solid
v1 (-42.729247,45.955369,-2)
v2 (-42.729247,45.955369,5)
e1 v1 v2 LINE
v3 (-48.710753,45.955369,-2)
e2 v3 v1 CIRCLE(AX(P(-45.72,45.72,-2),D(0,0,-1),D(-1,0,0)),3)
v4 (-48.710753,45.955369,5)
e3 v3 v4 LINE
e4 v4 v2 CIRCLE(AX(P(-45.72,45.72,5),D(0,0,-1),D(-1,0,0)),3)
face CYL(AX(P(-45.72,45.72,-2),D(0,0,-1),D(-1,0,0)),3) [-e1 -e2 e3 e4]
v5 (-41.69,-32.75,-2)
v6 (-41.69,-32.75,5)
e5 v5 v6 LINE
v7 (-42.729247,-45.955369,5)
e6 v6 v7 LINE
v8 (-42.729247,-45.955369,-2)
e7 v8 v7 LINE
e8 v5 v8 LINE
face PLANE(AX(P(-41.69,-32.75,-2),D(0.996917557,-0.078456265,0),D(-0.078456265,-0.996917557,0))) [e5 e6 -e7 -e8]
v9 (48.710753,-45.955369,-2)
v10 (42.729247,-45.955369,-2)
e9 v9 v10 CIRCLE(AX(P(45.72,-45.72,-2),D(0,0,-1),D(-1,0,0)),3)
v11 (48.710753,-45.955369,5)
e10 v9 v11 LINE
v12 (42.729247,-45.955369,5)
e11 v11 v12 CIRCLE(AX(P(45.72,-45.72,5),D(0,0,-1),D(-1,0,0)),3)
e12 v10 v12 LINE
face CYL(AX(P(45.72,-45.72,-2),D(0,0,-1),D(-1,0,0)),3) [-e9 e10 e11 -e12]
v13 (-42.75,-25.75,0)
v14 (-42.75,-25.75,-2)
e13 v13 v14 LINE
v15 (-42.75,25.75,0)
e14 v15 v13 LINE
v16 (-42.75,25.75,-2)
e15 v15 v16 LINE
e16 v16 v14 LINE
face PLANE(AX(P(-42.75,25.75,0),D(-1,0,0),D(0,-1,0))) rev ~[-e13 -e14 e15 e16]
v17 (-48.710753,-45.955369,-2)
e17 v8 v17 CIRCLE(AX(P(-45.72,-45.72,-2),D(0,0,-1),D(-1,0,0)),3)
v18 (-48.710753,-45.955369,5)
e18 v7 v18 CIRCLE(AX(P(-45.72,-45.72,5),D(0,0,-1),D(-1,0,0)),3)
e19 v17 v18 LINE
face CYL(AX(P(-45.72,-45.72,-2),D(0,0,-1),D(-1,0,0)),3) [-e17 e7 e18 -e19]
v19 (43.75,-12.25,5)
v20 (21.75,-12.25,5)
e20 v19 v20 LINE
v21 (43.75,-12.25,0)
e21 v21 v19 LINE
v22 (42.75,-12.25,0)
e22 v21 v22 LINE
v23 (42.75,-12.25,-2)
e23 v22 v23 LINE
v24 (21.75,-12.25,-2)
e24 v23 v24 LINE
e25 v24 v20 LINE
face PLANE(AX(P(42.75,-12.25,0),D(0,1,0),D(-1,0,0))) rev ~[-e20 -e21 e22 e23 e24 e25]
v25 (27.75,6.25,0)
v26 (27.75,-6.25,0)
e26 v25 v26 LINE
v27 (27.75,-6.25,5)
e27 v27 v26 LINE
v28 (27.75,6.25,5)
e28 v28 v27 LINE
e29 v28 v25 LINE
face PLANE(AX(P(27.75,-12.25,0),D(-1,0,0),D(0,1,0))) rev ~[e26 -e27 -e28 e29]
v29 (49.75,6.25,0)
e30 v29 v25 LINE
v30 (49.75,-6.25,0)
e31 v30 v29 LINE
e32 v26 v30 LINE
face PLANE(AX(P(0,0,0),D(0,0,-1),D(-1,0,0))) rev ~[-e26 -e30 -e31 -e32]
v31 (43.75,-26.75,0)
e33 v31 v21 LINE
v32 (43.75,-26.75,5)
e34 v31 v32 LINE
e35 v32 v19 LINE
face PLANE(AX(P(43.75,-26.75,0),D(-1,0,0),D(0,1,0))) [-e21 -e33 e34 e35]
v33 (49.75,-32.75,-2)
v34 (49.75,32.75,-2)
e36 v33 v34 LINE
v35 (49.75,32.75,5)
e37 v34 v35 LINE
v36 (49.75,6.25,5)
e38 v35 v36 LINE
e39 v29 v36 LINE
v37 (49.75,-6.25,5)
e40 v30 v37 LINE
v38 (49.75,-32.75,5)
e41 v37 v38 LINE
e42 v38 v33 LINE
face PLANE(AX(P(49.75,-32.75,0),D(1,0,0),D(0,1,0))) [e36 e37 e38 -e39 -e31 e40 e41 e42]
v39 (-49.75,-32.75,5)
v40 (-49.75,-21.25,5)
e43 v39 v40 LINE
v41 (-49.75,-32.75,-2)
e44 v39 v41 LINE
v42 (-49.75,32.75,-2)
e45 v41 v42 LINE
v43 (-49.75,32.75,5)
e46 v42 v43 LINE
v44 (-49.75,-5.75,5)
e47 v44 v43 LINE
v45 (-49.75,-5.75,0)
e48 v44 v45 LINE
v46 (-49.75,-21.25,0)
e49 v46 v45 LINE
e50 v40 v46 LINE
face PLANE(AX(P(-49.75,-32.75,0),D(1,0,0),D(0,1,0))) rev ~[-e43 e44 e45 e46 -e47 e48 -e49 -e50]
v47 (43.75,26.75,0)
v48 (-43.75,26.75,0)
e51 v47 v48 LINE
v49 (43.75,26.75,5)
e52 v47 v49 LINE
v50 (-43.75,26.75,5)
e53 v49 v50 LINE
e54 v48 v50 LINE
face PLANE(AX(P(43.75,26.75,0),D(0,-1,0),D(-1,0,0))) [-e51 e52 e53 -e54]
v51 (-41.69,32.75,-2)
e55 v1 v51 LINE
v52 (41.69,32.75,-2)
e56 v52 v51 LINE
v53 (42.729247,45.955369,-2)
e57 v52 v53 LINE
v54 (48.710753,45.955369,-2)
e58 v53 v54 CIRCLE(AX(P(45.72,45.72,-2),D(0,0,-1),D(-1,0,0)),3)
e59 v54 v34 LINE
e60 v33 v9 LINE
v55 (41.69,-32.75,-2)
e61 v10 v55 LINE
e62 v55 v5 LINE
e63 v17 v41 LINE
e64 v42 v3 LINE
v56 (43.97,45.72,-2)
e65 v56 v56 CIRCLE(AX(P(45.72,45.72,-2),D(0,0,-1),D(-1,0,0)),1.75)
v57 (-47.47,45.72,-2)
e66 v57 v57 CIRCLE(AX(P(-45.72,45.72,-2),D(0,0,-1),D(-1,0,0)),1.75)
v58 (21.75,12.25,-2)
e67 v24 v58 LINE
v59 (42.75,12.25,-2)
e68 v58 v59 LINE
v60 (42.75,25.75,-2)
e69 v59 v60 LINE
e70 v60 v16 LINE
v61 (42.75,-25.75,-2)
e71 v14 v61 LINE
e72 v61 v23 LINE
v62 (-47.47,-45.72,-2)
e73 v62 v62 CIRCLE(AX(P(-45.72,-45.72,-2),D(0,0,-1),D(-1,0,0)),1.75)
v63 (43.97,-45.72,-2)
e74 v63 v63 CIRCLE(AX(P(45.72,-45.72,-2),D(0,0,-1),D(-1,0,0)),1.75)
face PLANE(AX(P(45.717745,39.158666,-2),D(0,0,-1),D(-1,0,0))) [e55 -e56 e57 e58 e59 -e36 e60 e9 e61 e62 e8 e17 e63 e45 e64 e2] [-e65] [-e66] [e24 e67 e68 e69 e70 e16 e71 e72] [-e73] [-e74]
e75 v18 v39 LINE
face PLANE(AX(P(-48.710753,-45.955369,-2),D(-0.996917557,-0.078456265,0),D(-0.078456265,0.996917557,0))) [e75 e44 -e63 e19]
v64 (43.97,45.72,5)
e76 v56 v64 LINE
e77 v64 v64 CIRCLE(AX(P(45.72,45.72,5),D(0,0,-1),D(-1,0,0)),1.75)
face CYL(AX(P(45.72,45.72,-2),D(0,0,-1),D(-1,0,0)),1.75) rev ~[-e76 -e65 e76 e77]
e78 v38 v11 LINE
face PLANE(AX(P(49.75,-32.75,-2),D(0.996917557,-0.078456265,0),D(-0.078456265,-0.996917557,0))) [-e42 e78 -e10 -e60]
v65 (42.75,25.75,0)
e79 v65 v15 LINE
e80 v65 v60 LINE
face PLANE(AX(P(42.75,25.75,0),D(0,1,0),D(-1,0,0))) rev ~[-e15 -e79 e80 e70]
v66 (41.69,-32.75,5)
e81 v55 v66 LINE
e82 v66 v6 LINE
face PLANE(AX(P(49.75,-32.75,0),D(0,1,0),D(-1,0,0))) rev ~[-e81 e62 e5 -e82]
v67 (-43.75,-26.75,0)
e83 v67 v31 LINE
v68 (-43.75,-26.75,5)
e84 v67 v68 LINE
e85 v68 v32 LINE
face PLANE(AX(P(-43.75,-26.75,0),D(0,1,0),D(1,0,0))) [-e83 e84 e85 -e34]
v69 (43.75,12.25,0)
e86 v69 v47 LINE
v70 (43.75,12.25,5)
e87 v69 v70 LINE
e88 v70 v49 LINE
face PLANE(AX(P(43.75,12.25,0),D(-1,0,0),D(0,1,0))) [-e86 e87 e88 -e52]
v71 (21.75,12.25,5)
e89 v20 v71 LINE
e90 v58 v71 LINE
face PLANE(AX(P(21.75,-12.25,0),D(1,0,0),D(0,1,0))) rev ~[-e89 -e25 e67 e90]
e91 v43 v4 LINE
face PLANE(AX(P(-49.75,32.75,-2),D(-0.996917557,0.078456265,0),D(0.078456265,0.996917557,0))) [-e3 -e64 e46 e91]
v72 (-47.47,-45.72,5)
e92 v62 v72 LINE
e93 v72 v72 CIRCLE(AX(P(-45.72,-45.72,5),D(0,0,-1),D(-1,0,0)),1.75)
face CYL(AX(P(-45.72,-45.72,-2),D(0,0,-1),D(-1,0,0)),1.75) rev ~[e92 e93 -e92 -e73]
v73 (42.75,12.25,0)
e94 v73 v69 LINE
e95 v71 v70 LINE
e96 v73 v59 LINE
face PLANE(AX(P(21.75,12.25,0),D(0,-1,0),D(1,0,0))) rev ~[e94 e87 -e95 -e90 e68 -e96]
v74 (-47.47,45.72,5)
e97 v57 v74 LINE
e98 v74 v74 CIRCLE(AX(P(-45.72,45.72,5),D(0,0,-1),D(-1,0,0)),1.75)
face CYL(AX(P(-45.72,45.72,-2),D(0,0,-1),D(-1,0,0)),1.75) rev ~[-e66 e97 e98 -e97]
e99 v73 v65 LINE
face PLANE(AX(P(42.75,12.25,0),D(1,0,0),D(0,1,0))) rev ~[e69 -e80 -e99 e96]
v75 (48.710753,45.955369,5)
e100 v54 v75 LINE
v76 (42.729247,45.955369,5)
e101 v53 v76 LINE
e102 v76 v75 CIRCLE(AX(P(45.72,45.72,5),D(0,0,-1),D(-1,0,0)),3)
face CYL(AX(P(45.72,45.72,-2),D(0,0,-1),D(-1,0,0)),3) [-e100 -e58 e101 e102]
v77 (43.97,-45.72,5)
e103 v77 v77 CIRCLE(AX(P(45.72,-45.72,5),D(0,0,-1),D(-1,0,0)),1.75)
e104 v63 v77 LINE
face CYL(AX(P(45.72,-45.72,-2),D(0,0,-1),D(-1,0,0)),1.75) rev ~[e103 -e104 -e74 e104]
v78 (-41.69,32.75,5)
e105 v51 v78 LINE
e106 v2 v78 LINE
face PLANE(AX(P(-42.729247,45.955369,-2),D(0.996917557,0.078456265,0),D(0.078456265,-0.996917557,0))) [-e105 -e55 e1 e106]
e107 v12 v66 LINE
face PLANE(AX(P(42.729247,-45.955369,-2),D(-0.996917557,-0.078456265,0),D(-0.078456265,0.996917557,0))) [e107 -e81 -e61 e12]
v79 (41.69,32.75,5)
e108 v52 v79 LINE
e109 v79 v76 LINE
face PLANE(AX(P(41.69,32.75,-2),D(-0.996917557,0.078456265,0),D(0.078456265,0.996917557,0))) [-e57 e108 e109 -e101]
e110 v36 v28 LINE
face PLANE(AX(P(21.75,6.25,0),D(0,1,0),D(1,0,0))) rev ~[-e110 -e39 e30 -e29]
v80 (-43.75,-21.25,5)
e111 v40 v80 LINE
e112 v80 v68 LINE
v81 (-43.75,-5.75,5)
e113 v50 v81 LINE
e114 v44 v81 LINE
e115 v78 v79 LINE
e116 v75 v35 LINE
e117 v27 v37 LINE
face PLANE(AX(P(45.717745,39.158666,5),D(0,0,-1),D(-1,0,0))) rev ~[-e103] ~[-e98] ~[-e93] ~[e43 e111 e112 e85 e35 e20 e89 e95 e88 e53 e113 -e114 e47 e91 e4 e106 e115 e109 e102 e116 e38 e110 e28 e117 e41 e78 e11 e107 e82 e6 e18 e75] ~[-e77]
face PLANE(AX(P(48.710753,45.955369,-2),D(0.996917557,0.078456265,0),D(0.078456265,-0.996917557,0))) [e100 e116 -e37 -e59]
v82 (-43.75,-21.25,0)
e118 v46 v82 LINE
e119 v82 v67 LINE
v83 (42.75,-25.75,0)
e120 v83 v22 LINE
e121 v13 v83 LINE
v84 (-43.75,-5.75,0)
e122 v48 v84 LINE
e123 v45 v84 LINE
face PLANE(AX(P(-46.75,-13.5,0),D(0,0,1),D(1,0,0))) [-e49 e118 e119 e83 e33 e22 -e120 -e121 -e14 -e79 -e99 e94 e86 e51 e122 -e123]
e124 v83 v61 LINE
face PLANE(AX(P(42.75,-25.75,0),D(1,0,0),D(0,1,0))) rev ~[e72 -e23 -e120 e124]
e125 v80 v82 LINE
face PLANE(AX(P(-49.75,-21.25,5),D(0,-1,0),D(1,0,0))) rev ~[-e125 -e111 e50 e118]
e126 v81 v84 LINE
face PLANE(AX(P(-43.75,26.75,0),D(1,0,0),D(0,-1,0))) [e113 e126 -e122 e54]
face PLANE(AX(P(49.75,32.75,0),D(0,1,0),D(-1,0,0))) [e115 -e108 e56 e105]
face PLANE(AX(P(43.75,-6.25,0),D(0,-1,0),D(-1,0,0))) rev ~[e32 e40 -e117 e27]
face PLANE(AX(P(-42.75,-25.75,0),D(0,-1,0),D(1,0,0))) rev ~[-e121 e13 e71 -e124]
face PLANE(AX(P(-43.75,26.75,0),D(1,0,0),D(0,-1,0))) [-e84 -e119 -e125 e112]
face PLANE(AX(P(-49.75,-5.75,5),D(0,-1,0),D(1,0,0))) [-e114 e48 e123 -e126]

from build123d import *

# Parameters (mm, degrees)
BOSS_EXTRUDE1_DEPTH   = 5
SHELL1_T              = 6
SKETCH4_W             = 99.5
SKETCH4_H             = 65.5
BOSS_EXTRUDE2_DEPTH   = 2
SKETCH5_W             = 6
SKETCH5_H             = 15.5
CUT_EXTRUDE2_DEPTH    = 5
SKETCH7_R             = 3
SKETCH7_R_2           = 1.75
BOSS_EXTRUDE3_DEPTH   = 7
BOSS_EXTRUDE3_2_DEPTH = 7
BOSS_EXTRUDE3_3_DEPTH = 7
BOSS_EXTRUDE3_4_DEPTH = 7
BOSS_EXTRUDE4_DEPTH   = 7


with BuildPart() as part:
    # Sketch1 → Boss-Extrude1 (new body)
    with BuildSketch(Plane.XY):
        Polygon((43.75, 26.75), (-43.75, 26.75), (-43.75, -26.75), (43.75, -26.75), (43.75, -12.25), (21.75, -12.25), (21.75, 12.25), (43.75, 12.25), align=None)
    extrude(amount=BOSS_EXTRUDE1_DEPTH)

    # Shell1
    shell1_openings = [part.faces().sort_by_distance(p)[0] for p in [
        (-4.261512463, 0, 0),
        (-4.261512463, 0, 5),
    ]]
    offset(amount=SHELL1_T, openings=shell1_openings, kind=Kind.INTERSECTION)

    # Sketch4 → Boss-Extrude2 (add)
    with BuildSketch(Plane(origin=(0, 0, 0), x_dir=(-1, 0, 0), z_dir=(0, 0, -1))):
        Rectangle(SKETCH4_W, SKETCH4_H)
        Polygon((-42.75, 12.25), (-42.75, 25.75), (42.75, 25.75), (42.75, -25.75), (-42.75, -25.75), (-42.75, -12.25), (-21.75, -12.25), (-21.75, 12.25), align=None, mode=Mode.SUBTRACT)
    extrude(amount=BOSS_EXTRUDE2_DEPTH)

    # Sketch5 → Cut-Extrude2 (cut)
    with BuildSketch(Plane.XY.offset(5)):
        with Locations((-46.75, -13.5)):
            Rectangle(SKETCH5_W, SKETCH5_H)
    extrude(amount=-CUT_EXTRUDE2_DEPTH, mode=Mode.SUBTRACT)



with BuildPart() as body_2:
    # Sketch7 → Boss-Extrude3 (new body)
    with BuildSketch(Plane(origin=(0, 0, -2), x_dir=(-1, 0, 0), z_dir=(0, 0, -1))):
        with Locations((-45.72, 45.72)):
            Circle(SKETCH7_R)
        with Locations((-45.72, 45.72)):
            Circle(SKETCH7_R_2, mode=Mode.SUBTRACT)
    extrude(amount=-BOSS_EXTRUDE3_DEPTH)


with BuildPart() as body_3:
    # Sketch7 → Boss-Extrude3 2 (new body)
    with BuildSketch(Plane(origin=(0, 0, -2), x_dir=(-1, 0, 0), z_dir=(0, 0, -1))):
        with Locations((45.72, 45.72)):
            Circle(SKETCH7_R)
        with Locations((45.72, 45.72)):
            Circle(SKETCH7_R_2, mode=Mode.SUBTRACT)
    extrude(amount=-BOSS_EXTRUDE3_2_DEPTH)


with BuildPart() as body_4:
    # Sketch7 → Boss-Extrude3 3 (new body)
    with BuildSketch(Plane(origin=(0, 0, -2), x_dir=(-1, 0, 0), z_dir=(0, 0, -1))):
        with Locations((45.72, -45.72)):
            Circle(SKETCH7_R)
        with Locations((45.72, -45.72)):
            Circle(SKETCH7_R_2, mode=Mode.SUBTRACT)
    extrude(amount=-BOSS_EXTRUDE3_3_DEPTH)


with BuildPart() as body_5:
    # Sketch7 → Boss-Extrude3 4 (new body)
    with BuildSketch(Plane(origin=(0, 0, -2), x_dir=(-1, 0, 0), z_dir=(0, 0, -1))):
        with Locations((-45.72, -45.72)):
            Circle(SKETCH7_R)
        with Locations((-45.72, -45.72)):
            Circle(SKETCH7_R_2, mode=Mode.SUBTRACT)
    extrude(amount=-BOSS_EXTRUDE3_4_DEPTH)


with BuildPart() as part_1:
    add(part.part)

    add(body_2.part)  # Boss-Extrude4 merges body 2

    add(body_3.part)  # Boss-Extrude4 merges body 3

    add(body_4.part)  # Boss-Extrude4 merges body 4

    add(body_5.part)  # Boss-Extrude4 merges body 5
    # Sketch8 → Boss-Extrude4 (add)
    with BuildSketch(Plane(origin=(0, 0, -2), x_dir=(-1, 0, 0), z_dir=(0, 0, -1))):
        with BuildLine():
            Line((-48.71075267, 45.955368794), (-49.75, 32.75))
            Line((-49.75, 32.75), (-41.69, 32.75))
            Line((-41.69, 32.75), (-42.72924733, 45.955368794))
            ThreePointArc((-42.72924733, 45.955368794), (-42.722312724, 45.837775191), (-42.72, 45.72))
            ThreePointArc((-42.72, 45.72), (-45.837775191, 42.722312724), (-48.71075267, 45.955368794))
        make_face()
        with BuildLine():
            Line((42.72924733, 45.955368794), (41.69, 32.75))
            Line((41.69, 32.75), (49.75, 32.75))
            Line((49.75, 32.75), (48.71075267, 45.955368794))
            ThreePointArc((48.71075267, 45.955368794), (48.717687276, 45.837775191), (48.72, 45.72))
            ThreePointArc((48.72, 45.72), (45.602224809, 42.722312724), (42.72924733, 45.955368794))
        make_face()
        with BuildLine():
            Line((49.75, -32.75), (41.69, -32.75))
            Line((41.69, -32.75), (42.72924733, -45.955368794))
            ThreePointArc((42.72924733, -45.955368794), (45.602224809, -42.722312724), (48.72, -45.72))
            ThreePointArc((48.72, -45.72), (48.717687276, -45.837775191), (48.71075267, -45.955368794))
            Line((48.71075267, -45.955368794), (49.75, -32.75))
        make_face()
        with BuildLine():
            Line((-42.72924733, -45.955368794), (-41.69, -32.75))
            Line((-41.69, -32.75), (-49.75, -32.75))
            Line((-49.75, -32.75), (-48.71075267, -45.955368794))
            ThreePointArc((-48.71075267, -45.955368794), (-45.837775191, -42.722312724), (-42.72, -45.72))
            ThreePointArc((-42.72, -45.72), (-42.722312724, -45.837775191), (-42.72924733, -45.955368794))
        make_face()
    extrude(amount=-BOSS_EXTRUDE4_DEPTH)


solid = part_1.part
